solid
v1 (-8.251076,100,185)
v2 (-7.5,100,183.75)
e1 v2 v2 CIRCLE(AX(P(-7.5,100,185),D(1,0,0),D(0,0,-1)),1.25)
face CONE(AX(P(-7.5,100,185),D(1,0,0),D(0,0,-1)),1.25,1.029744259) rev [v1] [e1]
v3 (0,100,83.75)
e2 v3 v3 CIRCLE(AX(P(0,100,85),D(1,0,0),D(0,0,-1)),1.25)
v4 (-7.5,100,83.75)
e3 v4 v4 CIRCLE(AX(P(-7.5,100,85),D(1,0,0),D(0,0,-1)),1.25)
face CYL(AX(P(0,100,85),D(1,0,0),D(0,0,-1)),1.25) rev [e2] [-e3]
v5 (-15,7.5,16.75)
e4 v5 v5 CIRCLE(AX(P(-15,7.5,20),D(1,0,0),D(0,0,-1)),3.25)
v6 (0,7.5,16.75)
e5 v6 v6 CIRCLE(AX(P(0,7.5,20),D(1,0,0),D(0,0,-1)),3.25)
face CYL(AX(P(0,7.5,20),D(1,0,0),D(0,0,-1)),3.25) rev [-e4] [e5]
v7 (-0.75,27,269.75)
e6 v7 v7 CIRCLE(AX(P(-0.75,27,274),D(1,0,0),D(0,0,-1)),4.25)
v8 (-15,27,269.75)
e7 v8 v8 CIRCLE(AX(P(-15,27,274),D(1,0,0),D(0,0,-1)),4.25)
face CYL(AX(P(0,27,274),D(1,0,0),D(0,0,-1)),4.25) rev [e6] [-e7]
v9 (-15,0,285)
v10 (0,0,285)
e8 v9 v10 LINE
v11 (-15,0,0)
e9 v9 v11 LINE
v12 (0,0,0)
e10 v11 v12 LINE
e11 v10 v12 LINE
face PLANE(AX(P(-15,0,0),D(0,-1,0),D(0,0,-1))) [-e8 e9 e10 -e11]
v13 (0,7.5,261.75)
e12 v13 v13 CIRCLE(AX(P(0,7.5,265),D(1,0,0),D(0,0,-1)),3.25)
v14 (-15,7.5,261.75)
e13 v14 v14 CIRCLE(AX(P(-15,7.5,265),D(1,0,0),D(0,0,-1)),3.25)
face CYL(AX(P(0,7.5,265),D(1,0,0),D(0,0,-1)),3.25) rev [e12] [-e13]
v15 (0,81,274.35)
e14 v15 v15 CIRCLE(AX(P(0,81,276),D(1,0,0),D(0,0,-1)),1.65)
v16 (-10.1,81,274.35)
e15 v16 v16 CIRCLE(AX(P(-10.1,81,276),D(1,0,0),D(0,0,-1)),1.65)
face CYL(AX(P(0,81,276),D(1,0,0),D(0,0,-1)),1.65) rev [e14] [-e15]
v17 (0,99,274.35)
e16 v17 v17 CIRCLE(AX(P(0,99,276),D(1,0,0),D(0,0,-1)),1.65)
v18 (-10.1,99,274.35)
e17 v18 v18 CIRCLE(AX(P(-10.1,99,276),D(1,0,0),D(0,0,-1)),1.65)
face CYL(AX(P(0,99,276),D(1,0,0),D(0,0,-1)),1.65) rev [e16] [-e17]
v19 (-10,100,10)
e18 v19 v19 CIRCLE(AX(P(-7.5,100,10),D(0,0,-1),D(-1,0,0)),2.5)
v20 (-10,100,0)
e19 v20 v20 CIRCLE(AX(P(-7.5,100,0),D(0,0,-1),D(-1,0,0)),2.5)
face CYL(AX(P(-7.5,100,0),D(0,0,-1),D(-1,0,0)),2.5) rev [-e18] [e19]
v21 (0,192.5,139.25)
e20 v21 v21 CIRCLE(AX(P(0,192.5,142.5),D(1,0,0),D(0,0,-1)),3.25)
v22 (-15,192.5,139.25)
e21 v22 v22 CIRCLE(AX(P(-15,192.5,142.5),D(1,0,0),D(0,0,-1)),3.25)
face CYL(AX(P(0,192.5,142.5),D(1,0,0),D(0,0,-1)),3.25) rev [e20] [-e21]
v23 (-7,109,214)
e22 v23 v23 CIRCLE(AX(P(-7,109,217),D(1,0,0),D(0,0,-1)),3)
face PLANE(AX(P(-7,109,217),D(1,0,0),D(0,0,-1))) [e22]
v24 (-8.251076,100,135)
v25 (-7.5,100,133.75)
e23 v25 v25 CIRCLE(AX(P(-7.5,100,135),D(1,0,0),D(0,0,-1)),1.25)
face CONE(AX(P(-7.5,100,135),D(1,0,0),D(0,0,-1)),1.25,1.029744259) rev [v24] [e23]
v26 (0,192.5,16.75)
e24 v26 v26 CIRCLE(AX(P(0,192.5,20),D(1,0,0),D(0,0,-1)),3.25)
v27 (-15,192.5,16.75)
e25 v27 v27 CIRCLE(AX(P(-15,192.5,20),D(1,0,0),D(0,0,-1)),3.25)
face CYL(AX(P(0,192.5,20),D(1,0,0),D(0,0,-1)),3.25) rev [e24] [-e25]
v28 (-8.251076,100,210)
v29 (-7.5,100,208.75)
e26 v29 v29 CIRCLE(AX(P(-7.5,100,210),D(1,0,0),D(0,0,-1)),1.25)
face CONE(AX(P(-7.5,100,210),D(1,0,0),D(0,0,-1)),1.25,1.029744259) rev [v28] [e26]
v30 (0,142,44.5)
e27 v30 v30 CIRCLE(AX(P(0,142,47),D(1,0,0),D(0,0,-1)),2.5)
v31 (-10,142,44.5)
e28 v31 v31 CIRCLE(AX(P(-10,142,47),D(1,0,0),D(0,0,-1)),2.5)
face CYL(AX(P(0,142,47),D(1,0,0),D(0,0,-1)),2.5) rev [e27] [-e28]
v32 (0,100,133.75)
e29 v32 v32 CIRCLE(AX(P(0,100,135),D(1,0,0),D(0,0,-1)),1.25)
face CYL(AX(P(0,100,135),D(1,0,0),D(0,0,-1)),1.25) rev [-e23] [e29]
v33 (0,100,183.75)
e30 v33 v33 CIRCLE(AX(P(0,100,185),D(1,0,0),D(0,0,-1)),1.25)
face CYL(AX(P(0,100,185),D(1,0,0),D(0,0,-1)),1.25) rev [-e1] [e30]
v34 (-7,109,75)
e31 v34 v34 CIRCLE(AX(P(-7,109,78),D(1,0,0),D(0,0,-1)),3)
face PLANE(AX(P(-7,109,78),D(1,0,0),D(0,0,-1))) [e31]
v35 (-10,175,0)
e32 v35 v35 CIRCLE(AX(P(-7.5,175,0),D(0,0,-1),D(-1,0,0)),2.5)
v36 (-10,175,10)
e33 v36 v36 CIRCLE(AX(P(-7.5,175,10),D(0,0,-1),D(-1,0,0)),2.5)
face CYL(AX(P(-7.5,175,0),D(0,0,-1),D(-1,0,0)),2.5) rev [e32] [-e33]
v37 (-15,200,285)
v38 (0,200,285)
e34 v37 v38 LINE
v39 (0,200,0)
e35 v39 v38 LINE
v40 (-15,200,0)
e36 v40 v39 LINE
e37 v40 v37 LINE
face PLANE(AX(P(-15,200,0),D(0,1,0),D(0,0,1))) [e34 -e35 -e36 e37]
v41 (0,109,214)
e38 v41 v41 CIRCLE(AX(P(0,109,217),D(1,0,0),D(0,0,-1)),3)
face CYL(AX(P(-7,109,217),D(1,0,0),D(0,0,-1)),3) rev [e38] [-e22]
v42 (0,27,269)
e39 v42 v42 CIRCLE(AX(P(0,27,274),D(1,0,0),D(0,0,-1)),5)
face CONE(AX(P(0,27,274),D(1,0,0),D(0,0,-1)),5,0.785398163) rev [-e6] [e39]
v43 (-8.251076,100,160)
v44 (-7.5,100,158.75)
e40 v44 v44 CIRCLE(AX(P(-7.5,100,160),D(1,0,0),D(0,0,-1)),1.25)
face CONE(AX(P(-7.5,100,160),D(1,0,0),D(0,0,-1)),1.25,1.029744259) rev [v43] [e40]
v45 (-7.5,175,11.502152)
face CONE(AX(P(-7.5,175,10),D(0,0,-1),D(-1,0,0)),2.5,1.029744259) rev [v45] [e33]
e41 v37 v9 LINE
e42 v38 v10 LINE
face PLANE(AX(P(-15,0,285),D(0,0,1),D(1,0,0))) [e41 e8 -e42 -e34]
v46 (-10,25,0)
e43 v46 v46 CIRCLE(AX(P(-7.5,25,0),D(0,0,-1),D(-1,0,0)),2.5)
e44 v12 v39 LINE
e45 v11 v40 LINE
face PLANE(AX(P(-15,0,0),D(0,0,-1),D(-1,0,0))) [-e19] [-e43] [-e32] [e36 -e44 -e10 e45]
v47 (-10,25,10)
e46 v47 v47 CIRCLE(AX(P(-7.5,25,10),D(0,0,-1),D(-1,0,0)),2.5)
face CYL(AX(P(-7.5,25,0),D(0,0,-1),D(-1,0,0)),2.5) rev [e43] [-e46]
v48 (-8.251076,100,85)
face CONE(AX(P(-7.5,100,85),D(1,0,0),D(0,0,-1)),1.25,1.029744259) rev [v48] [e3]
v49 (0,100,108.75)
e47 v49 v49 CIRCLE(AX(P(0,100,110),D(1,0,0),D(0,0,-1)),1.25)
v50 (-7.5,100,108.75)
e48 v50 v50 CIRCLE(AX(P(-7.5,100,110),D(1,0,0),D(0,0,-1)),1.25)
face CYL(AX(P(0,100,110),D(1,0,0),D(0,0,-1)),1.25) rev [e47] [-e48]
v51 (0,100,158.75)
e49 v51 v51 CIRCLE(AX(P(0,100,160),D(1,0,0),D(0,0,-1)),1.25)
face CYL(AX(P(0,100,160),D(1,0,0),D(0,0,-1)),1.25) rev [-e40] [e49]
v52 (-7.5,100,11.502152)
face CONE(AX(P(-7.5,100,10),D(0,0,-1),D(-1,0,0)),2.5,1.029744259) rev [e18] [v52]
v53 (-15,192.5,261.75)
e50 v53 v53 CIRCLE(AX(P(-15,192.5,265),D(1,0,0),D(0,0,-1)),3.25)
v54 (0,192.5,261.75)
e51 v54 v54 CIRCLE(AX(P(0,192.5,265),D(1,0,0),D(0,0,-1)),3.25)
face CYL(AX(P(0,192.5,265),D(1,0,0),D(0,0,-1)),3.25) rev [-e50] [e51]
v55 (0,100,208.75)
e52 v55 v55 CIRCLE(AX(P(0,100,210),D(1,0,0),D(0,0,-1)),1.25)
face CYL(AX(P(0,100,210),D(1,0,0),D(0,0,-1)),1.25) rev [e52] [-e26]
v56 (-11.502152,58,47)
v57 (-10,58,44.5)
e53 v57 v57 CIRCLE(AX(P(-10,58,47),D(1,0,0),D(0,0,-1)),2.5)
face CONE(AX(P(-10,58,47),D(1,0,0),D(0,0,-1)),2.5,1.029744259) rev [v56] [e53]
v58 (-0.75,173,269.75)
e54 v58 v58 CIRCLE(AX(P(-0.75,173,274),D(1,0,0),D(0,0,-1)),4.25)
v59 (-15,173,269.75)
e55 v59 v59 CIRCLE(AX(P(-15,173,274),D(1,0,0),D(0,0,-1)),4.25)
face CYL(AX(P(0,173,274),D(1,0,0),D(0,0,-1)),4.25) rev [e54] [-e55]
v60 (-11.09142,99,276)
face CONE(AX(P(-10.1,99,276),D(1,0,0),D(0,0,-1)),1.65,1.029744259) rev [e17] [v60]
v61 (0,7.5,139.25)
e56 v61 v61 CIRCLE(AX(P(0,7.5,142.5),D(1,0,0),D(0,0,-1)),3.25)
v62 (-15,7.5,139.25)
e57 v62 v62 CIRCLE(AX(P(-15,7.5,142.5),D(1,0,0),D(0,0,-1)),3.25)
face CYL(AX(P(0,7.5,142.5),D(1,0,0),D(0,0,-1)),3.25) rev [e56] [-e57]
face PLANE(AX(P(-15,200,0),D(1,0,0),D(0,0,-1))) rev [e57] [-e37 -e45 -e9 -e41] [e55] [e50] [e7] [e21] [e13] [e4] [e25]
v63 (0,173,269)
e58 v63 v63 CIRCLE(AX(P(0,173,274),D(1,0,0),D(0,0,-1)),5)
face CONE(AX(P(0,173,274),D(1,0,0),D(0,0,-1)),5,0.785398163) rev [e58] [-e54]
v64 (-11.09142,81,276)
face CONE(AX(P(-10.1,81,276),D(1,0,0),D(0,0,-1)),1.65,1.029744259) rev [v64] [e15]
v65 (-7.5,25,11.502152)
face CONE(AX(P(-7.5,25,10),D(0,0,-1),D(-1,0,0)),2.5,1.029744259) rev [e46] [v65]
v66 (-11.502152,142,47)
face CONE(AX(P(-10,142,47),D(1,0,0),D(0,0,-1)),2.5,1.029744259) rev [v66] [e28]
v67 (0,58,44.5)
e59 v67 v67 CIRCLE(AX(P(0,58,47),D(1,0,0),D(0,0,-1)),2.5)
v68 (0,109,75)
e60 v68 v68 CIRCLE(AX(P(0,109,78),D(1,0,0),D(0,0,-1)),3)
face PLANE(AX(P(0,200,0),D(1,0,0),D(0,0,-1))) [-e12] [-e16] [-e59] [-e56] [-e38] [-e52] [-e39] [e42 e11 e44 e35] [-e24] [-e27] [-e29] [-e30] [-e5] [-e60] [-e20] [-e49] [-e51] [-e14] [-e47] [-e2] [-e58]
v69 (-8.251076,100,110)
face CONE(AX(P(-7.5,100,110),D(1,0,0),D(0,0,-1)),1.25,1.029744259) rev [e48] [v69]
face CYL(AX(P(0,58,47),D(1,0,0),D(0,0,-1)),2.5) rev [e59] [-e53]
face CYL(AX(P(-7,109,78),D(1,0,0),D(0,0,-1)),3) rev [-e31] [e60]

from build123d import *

# Parameters (mm, degrees)
SKETCH1_W                    = 285
SKETCH1_H                    = 200
BOSS_EXTRUDE1_DEPTH          = 15
SKETCH4_R                    = 3
CUT_EXTRUDE1_DEPTH           = 7
M6_TAPPED_HOLE1_D            = 5
M6_TAPPED_HOLE1_DEPTH        = 10
M6_TAPPED_HOLE1_TIP          = 1.502151548
LPATTERN1_COUNT              = 6
LPATTERN1_PITCH              = 25
M6_TAPPED_HOLE2_D            = 5
M6_TAPPED_HOLE2_DEPTH        = 10
M6_TAPPED_HOLE2_TIP          = 1.502151548
M4_TAPPED_HOLE1_D            = 3.3
M4_TAPPED_HOLE1_DEPTH        = 10.1
M4_TAPPED_HOLE1_TIP          = 0.991420021
M10_TAPPED_HOLE1_D           = 8.5
M10_TAPPED_HOLE1_CSINK_D     = 10
M10_TAPPED_HOLE1_CSINK_ANGLE = 90
F_6_5_6_5_DIAMETER_HOLE1_D   = 6.5


with BuildPart() as part:
    # Sketch1 → Boss-Extrude1 (new body)
    with BuildSketch(Plane(origin=(0, 0, 0), x_dir=(0, 0, -1), z_dir=(1, 0, 0))):
        with Locations((-142.5, 100)):
            Rectangle(SKETCH1_W, SKETCH1_H)
    extrude(amount=-BOSS_EXTRUDE1_DEPTH)

    # Sketch4 → Cut-Extrude1 (cut)
    with BuildSketch(Plane(origin=(0, 0, 0), x_dir=(0, 0, -1), z_dir=(1, 0, 0))):
        with Locations((-217, 109)):
            Circle(SKETCH4_R)
        with Locations((-78, 109)):
            Circle(SKETCH4_R)
    extrude(amount=-CUT_EXTRUDE1_DEPTH, mode=Mode.SUBTRACT)

    # M6 Tapped Hole1
    with Locations(Plane(origin=(0, 0, 0), x_dir=(-1, 0, 0), z_dir=(0, 0, -1))):
        with Locations((7.5, 25), (7.5, 100), (7.5, 175)):
            Hole(M6_TAPPED_HOLE1_D / 2, depth=M6_TAPPED_HOLE1_DEPTH)
            with Locations((0, 0, -(M6_TAPPED_HOLE1_DEPTH + M6_TAPPED_HOLE1_TIP / 2))):  # 118° drill point
                Cone(0, M6_TAPPED_HOLE1_D / 2, M6_TAPPED_HOLE1_TIP, mode=Mode.SUBTRACT)

    # Sketch5 → M3 Tapped Hole1 (revolve, cut)
    with BuildSketch(Plane(origin=(0, 100, 85), x_dir=(0, 0, -1), z_dir=(0, 1, 0))):
        Polygon((0, 0), (0, 8.251075774), (1.25, 7.5), (1.25, 0), align=None)
    m3_tapped_hole1 = revolve(axis=Axis((6.35, 100, 85), (-1, 0, 0)), mode=Mode.SUBTRACT)

    # LPattern1: M3 Tapped Hole1 ×6
    with Locations(*[(0, 0, i * LPATTERN1_PITCH) for i in range(1, LPATTERN1_COUNT)]):
        add(m3_tapped_hole1, mode=Mode.SUBTRACT)

    # M6 Tapped Hole2
    with Locations(Plane(origin=(0, 0, 0), x_dir=(0, 0, -1), z_dir=(1, 0, 0))):
        with Locations((-47, 58), (-47, 142)):
            Hole(M6_TAPPED_HOLE2_D / 2, depth=M6_TAPPED_HOLE2_DEPTH)
            with Locations((0, 0, -(M6_TAPPED_HOLE2_DEPTH + M6_TAPPED_HOLE2_TIP / 2))):  # 118° drill point
                Cone(0, M6_TAPPED_HOLE2_D / 2, M6_TAPPED_HOLE2_TIP, mode=Mode.SUBTRACT)

    # M4 Tapped Hole1
    with Locations(Plane(origin=(0, 0, 0), x_dir=(0, 0, -1), z_dir=(1, 0, 0))):
        with Locations((-276, 81), (-276, 99)):
            Hole(M4_TAPPED_HOLE1_D / 2, depth=M4_TAPPED_HOLE1_DEPTH)
            with Locations((0, 0, -(M4_TAPPED_HOLE1_DEPTH + M4_TAPPED_HOLE1_TIP / 2))):  # 118° drill point
                Cone(0, M4_TAPPED_HOLE1_D / 2, M4_TAPPED_HOLE1_TIP, mode=Mode.SUBTRACT)

    # M10 Tapped Hole1 (through all)
    with Locations(Plane(origin=(0, 0, 0), x_dir=(0, 0, -1), z_dir=(1, 0, 0))):
        with Locations((-274, 27), (-274, 173)):
            CounterSinkHole(M10_TAPPED_HOLE1_D / 2, M10_TAPPED_HOLE1_CSINK_D / 2, counter_sink_angle=M10_TAPPED_HOLE1_CSINK_ANGLE)

    # Ø6.5 (6.5) Diameter Hole1 (through all)
    with Locations(Plane(origin=(0, 0, 0), x_dir=(0, 0, -1), z_dir=(1, 0, 0))):
        with Locations((-265, 7.5), (-142.5, 7.5), (-20, 7.5), (-20, 192.5), (-142.5, 192.5), (-265, 192.5)):
            Hole(F_6_5_6_5_DIAMETER_HOLE1_D / 2)


solid = part.part
